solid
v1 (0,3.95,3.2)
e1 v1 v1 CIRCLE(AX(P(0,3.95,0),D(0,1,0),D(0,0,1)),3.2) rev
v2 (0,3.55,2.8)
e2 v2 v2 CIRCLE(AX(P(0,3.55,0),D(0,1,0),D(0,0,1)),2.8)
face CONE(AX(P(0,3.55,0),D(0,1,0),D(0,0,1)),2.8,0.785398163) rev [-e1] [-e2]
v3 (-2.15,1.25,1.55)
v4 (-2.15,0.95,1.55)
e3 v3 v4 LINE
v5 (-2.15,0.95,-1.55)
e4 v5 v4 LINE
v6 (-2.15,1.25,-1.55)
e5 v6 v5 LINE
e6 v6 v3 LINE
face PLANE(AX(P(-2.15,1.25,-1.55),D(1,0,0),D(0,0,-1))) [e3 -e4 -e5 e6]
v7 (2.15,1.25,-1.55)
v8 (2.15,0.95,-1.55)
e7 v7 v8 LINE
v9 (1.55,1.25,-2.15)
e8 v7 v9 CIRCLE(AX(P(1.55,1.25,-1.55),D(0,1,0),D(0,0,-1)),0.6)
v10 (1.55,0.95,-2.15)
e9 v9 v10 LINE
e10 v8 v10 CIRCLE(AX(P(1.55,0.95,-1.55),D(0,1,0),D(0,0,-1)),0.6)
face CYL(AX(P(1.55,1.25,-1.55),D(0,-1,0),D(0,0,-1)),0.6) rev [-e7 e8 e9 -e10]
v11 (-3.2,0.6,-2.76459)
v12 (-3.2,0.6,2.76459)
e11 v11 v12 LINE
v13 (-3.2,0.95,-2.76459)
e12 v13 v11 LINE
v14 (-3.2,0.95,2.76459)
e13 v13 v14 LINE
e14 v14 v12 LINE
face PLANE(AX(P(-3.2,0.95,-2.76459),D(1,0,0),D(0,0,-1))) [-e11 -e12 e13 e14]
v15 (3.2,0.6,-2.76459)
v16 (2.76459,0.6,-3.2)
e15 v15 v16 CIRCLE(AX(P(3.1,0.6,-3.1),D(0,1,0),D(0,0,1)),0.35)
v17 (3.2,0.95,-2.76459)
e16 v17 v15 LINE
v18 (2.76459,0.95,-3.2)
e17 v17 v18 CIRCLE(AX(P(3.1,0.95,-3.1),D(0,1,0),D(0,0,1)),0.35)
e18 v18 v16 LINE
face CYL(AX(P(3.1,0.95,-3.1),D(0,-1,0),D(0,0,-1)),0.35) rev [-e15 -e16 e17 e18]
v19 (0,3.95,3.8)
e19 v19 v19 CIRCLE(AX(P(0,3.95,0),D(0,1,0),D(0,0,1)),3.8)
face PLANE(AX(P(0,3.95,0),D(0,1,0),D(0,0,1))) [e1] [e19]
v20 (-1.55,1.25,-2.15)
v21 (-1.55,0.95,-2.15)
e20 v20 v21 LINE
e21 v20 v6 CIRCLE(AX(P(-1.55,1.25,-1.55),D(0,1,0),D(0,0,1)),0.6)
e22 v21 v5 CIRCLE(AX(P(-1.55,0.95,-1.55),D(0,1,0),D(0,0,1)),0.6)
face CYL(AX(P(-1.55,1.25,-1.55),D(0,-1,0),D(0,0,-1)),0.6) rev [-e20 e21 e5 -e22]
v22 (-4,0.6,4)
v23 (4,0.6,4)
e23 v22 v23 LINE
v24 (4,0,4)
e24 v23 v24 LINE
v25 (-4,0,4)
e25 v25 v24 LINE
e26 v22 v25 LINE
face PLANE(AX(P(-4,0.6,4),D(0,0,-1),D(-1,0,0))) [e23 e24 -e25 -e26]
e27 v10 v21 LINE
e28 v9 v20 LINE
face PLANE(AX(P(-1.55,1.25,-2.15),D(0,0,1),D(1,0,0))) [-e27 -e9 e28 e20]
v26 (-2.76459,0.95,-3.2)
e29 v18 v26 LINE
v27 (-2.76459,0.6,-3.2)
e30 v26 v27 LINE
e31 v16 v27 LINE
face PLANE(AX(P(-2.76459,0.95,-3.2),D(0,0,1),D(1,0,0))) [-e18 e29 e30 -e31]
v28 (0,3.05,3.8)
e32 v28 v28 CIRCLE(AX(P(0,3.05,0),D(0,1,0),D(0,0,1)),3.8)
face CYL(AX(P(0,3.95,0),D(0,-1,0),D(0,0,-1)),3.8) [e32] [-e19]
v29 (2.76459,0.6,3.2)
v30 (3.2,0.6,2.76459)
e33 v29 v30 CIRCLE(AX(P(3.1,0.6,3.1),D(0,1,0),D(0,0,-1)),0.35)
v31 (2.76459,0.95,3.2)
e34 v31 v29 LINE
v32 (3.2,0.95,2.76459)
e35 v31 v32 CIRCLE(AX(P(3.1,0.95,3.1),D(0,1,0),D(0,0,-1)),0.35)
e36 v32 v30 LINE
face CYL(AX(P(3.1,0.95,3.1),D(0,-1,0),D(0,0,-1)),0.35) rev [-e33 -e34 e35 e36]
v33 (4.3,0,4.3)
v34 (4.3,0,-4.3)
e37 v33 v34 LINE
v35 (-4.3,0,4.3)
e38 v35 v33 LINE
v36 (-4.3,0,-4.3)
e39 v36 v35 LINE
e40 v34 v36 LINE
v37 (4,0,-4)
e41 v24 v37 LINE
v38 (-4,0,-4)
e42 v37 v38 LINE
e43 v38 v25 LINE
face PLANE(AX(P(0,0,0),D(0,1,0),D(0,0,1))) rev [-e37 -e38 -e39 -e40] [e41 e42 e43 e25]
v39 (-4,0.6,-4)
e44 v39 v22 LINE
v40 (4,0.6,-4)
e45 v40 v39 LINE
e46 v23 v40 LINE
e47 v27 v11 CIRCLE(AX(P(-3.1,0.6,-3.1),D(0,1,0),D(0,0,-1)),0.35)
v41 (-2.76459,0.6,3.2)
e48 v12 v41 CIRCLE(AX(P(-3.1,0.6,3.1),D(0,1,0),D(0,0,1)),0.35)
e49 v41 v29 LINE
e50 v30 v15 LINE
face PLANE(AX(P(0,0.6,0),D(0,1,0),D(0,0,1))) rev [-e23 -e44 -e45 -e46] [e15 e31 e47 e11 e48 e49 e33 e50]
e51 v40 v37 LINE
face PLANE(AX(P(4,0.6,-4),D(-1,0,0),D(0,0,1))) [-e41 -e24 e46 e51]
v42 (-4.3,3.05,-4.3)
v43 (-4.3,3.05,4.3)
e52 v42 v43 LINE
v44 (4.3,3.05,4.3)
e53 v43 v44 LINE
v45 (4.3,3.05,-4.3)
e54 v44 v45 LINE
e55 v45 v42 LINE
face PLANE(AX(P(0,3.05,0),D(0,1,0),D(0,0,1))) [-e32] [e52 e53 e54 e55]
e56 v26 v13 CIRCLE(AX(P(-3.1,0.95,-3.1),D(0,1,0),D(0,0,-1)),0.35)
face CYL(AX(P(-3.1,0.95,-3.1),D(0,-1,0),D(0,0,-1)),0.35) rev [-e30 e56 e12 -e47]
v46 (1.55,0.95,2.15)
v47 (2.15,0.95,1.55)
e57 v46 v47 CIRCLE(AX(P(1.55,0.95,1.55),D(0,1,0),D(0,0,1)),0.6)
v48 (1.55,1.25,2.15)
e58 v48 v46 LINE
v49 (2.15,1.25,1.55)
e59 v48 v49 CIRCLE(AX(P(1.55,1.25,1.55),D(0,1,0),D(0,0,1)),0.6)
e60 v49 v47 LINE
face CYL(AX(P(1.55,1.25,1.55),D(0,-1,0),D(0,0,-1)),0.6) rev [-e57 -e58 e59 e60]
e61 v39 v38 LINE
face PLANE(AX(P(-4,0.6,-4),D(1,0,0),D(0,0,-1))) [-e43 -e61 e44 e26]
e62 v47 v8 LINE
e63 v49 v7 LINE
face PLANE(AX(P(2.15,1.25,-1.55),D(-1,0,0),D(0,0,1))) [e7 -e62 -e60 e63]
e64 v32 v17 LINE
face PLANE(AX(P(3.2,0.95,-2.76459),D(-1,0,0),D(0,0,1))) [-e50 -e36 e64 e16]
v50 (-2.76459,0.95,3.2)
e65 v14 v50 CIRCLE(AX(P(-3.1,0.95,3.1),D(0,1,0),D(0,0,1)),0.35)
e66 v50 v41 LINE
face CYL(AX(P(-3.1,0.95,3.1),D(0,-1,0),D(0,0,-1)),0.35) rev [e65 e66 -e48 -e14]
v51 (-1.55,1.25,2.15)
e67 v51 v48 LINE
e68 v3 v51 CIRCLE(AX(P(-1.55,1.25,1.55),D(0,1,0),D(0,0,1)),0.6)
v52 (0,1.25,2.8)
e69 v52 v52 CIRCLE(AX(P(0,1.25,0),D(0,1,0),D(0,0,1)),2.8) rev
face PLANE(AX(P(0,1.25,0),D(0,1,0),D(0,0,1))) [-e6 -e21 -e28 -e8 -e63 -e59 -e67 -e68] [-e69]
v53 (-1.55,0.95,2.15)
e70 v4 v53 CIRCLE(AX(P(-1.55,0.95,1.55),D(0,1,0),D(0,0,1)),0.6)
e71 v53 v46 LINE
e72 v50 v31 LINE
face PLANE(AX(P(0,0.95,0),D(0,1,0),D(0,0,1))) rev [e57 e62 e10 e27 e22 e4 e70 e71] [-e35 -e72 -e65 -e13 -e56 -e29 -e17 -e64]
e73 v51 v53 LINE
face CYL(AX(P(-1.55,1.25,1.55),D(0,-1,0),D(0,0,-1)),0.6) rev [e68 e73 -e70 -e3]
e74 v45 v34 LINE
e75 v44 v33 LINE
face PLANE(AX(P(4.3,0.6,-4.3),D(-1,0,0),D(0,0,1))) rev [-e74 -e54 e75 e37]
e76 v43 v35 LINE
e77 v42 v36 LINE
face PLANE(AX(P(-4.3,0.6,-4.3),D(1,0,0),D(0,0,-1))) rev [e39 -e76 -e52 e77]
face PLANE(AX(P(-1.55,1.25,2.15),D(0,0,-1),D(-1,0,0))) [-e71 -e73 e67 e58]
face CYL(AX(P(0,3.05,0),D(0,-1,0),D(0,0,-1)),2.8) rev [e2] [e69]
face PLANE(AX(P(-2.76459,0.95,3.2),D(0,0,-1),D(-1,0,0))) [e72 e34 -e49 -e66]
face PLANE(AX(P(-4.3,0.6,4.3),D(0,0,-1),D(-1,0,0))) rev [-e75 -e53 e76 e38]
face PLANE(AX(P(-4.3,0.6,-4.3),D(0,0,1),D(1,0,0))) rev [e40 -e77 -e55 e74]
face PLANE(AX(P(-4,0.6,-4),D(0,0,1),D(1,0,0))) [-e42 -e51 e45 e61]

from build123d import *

# Parameters (mm, degrees)
SKIZZE2_W                       = 8.6
SKIZZE2_H                       = 8.6
SKIZZE2_W_2                     = 8
SKIZZE2_H_2                     = 8
AUFSATZ_LINEAR_AUSTRAGEN1_DEPTH = 0.6
SKIZZE5_W                       = 8.6
SKIZZE5_H                       = 8.6
AUFSATZ_LINEAR_AUSTRAGEN3_DEPTH = 0.35
SKIZZE4_W                       = 8.6
SKIZZE4_H                       = 8.6
AUFSATZ_LINEAR_AUSTRAGEN2_DEPTH = 0.3
SKIZZE7_W                       = 8.6
SKIZZE7_H                       = 8.6
SKIZZE7_R                       = 2.8
AUFSATZ_LINEAR_AUSTRAGEN4_DEPTH = 1.8
SKIZZE8_R                       = 3.8
SKIZZE8_R_2                     = 2.8
AUFSATZ_LINEAR_AUSTRAGEN5_DEPTH = 0.9
FASE1_SIZE                      = 0.4


with BuildPart() as part:
    # Skizze2 → Aufsatz-Linear austragen1 (new body)
    with BuildSketch(Plane(origin=(0, 0, 0), x_dir=(1, 0, 0), z_dir=(0, 1, 0))):
        Rectangle(SKIZZE2_W, SKIZZE2_H)
        Rectangle(SKIZZE2_W_2, SKIZZE2_H_2, mode=Mode.SUBTRACT)
    extrude(amount=AUFSATZ_LINEAR_AUSTRAGEN1_DEPTH)

    # Skizze5 → Aufsatz-Linear austragen3 (add)
    with BuildSketch(Plane(origin=(0, 0.6, 0), x_dir=(1, 0, 0), z_dir=(0, 1, 0))):
        Rectangle(SKIZZE5_W, SKIZZE5_H)
        with BuildLine():
            Line((-2.764589803, 3.2), (2.764589803, 3.2))
            ThreePointArc((2.764589803, 3.2), (3.347487373, 3.347487373), (3.2, 2.764589803))
            Line((3.2, 2.764589803), (3.2, -2.764589803))
            ThreePointArc((3.2, -2.764589803), (3.347487373, -3.347487373), (2.764589803, -3.2))
            Line((2.764589803, -3.2), (-2.764589803, -3.2))
            ThreePointArc((-2.764589803, -3.2), (-3.347487373, -3.347487373), (-3.2, -2.764589803))
            Line((-3.2, -2.764589803), (-3.2, 2.764589803))
            ThreePointArc((-3.2, 2.764589803), (-3.347487373, 3.347487373), (-2.764589803, 3.2))
        make_face(mode=Mode.SUBTRACT)
    extrude(amount=AUFSATZ_LINEAR_AUSTRAGEN3_DEPTH)

    # Skizze4 → Aufsatz-Linear austragen2 (add)
    with BuildSketch(Plane(origin=(0, 0.95, 0), x_dir=(1, 0, 0), z_dir=(0, 1, 0))):
        Rectangle(SKIZZE4_W, SKIZZE4_H)
        with BuildLine():
            Line((-1.55, 2.15), (1.55, 2.15))
            ThreePointArc((1.55, 2.15), (1.974264069, 1.974264069), (2.15, 1.55))
            Line((2.15, 1.55), (2.15, -1.55))
            ThreePointArc((2.15, -1.55), (1.974264069, -1.974264069), (1.55, -2.15))
            Line((1.55, -2.15), (-1.55, -2.15))
            ThreePointArc((-1.55, -2.15), (-1.974264069, -1.974264069), (-2.15, -1.55))
            Line((-2.15, -1.55), (-2.15, 1.55))
            ThreePointArc((-2.15, 1.55), (-1.974264069, 1.974264069), (-1.55, 2.15))
        make_face(mode=Mode.SUBTRACT)
    extrude(amount=AUFSATZ_LINEAR_AUSTRAGEN2_DEPTH)

    # Skizze7 → Aufsatz-Linear austragen4 (add)
    with BuildSketch(Plane(origin=(0, 1.25, 0), x_dir=(1, 0, 0), z_dir=(0, 1, 0))):
        Rectangle(SKIZZE7_W, SKIZZE7_H)
        with Locations(Location((0, 0, 0), (0, 0, 270))):
            Circle(SKIZZE7_R, mode=Mode.SUBTRACT)
    extrude(amount=AUFSATZ_LINEAR_AUSTRAGEN4_DEPTH)

    # Skizze8 → Aufsatz-Linear austragen5 (add)
    with BuildSketch(Plane(origin=(0, 3.05, 0), x_dir=(1, 0, 0), z_dir=(0, 1, 0))):
        with Locations(Location((0, 0, 0), (0, 0, 270))):
            Circle(SKIZZE8_R)
        with Locations(Location((0, 0, 0), (0, 0, 270))):
            Circle(SKIZZE8_R_2, mode=Mode.SUBTRACT)
    extrude(amount=AUFSATZ_LINEAR_AUSTRAGEN5_DEPTH)

    # Fase1
    fase1_edges = [part.edges().sort_by_distance(p)[0] for p in [
        (0, 3.95, -2.8),
    ]]
    chamfer(fase1_edges, length=FASE1_SIZE)


solid = part.part
